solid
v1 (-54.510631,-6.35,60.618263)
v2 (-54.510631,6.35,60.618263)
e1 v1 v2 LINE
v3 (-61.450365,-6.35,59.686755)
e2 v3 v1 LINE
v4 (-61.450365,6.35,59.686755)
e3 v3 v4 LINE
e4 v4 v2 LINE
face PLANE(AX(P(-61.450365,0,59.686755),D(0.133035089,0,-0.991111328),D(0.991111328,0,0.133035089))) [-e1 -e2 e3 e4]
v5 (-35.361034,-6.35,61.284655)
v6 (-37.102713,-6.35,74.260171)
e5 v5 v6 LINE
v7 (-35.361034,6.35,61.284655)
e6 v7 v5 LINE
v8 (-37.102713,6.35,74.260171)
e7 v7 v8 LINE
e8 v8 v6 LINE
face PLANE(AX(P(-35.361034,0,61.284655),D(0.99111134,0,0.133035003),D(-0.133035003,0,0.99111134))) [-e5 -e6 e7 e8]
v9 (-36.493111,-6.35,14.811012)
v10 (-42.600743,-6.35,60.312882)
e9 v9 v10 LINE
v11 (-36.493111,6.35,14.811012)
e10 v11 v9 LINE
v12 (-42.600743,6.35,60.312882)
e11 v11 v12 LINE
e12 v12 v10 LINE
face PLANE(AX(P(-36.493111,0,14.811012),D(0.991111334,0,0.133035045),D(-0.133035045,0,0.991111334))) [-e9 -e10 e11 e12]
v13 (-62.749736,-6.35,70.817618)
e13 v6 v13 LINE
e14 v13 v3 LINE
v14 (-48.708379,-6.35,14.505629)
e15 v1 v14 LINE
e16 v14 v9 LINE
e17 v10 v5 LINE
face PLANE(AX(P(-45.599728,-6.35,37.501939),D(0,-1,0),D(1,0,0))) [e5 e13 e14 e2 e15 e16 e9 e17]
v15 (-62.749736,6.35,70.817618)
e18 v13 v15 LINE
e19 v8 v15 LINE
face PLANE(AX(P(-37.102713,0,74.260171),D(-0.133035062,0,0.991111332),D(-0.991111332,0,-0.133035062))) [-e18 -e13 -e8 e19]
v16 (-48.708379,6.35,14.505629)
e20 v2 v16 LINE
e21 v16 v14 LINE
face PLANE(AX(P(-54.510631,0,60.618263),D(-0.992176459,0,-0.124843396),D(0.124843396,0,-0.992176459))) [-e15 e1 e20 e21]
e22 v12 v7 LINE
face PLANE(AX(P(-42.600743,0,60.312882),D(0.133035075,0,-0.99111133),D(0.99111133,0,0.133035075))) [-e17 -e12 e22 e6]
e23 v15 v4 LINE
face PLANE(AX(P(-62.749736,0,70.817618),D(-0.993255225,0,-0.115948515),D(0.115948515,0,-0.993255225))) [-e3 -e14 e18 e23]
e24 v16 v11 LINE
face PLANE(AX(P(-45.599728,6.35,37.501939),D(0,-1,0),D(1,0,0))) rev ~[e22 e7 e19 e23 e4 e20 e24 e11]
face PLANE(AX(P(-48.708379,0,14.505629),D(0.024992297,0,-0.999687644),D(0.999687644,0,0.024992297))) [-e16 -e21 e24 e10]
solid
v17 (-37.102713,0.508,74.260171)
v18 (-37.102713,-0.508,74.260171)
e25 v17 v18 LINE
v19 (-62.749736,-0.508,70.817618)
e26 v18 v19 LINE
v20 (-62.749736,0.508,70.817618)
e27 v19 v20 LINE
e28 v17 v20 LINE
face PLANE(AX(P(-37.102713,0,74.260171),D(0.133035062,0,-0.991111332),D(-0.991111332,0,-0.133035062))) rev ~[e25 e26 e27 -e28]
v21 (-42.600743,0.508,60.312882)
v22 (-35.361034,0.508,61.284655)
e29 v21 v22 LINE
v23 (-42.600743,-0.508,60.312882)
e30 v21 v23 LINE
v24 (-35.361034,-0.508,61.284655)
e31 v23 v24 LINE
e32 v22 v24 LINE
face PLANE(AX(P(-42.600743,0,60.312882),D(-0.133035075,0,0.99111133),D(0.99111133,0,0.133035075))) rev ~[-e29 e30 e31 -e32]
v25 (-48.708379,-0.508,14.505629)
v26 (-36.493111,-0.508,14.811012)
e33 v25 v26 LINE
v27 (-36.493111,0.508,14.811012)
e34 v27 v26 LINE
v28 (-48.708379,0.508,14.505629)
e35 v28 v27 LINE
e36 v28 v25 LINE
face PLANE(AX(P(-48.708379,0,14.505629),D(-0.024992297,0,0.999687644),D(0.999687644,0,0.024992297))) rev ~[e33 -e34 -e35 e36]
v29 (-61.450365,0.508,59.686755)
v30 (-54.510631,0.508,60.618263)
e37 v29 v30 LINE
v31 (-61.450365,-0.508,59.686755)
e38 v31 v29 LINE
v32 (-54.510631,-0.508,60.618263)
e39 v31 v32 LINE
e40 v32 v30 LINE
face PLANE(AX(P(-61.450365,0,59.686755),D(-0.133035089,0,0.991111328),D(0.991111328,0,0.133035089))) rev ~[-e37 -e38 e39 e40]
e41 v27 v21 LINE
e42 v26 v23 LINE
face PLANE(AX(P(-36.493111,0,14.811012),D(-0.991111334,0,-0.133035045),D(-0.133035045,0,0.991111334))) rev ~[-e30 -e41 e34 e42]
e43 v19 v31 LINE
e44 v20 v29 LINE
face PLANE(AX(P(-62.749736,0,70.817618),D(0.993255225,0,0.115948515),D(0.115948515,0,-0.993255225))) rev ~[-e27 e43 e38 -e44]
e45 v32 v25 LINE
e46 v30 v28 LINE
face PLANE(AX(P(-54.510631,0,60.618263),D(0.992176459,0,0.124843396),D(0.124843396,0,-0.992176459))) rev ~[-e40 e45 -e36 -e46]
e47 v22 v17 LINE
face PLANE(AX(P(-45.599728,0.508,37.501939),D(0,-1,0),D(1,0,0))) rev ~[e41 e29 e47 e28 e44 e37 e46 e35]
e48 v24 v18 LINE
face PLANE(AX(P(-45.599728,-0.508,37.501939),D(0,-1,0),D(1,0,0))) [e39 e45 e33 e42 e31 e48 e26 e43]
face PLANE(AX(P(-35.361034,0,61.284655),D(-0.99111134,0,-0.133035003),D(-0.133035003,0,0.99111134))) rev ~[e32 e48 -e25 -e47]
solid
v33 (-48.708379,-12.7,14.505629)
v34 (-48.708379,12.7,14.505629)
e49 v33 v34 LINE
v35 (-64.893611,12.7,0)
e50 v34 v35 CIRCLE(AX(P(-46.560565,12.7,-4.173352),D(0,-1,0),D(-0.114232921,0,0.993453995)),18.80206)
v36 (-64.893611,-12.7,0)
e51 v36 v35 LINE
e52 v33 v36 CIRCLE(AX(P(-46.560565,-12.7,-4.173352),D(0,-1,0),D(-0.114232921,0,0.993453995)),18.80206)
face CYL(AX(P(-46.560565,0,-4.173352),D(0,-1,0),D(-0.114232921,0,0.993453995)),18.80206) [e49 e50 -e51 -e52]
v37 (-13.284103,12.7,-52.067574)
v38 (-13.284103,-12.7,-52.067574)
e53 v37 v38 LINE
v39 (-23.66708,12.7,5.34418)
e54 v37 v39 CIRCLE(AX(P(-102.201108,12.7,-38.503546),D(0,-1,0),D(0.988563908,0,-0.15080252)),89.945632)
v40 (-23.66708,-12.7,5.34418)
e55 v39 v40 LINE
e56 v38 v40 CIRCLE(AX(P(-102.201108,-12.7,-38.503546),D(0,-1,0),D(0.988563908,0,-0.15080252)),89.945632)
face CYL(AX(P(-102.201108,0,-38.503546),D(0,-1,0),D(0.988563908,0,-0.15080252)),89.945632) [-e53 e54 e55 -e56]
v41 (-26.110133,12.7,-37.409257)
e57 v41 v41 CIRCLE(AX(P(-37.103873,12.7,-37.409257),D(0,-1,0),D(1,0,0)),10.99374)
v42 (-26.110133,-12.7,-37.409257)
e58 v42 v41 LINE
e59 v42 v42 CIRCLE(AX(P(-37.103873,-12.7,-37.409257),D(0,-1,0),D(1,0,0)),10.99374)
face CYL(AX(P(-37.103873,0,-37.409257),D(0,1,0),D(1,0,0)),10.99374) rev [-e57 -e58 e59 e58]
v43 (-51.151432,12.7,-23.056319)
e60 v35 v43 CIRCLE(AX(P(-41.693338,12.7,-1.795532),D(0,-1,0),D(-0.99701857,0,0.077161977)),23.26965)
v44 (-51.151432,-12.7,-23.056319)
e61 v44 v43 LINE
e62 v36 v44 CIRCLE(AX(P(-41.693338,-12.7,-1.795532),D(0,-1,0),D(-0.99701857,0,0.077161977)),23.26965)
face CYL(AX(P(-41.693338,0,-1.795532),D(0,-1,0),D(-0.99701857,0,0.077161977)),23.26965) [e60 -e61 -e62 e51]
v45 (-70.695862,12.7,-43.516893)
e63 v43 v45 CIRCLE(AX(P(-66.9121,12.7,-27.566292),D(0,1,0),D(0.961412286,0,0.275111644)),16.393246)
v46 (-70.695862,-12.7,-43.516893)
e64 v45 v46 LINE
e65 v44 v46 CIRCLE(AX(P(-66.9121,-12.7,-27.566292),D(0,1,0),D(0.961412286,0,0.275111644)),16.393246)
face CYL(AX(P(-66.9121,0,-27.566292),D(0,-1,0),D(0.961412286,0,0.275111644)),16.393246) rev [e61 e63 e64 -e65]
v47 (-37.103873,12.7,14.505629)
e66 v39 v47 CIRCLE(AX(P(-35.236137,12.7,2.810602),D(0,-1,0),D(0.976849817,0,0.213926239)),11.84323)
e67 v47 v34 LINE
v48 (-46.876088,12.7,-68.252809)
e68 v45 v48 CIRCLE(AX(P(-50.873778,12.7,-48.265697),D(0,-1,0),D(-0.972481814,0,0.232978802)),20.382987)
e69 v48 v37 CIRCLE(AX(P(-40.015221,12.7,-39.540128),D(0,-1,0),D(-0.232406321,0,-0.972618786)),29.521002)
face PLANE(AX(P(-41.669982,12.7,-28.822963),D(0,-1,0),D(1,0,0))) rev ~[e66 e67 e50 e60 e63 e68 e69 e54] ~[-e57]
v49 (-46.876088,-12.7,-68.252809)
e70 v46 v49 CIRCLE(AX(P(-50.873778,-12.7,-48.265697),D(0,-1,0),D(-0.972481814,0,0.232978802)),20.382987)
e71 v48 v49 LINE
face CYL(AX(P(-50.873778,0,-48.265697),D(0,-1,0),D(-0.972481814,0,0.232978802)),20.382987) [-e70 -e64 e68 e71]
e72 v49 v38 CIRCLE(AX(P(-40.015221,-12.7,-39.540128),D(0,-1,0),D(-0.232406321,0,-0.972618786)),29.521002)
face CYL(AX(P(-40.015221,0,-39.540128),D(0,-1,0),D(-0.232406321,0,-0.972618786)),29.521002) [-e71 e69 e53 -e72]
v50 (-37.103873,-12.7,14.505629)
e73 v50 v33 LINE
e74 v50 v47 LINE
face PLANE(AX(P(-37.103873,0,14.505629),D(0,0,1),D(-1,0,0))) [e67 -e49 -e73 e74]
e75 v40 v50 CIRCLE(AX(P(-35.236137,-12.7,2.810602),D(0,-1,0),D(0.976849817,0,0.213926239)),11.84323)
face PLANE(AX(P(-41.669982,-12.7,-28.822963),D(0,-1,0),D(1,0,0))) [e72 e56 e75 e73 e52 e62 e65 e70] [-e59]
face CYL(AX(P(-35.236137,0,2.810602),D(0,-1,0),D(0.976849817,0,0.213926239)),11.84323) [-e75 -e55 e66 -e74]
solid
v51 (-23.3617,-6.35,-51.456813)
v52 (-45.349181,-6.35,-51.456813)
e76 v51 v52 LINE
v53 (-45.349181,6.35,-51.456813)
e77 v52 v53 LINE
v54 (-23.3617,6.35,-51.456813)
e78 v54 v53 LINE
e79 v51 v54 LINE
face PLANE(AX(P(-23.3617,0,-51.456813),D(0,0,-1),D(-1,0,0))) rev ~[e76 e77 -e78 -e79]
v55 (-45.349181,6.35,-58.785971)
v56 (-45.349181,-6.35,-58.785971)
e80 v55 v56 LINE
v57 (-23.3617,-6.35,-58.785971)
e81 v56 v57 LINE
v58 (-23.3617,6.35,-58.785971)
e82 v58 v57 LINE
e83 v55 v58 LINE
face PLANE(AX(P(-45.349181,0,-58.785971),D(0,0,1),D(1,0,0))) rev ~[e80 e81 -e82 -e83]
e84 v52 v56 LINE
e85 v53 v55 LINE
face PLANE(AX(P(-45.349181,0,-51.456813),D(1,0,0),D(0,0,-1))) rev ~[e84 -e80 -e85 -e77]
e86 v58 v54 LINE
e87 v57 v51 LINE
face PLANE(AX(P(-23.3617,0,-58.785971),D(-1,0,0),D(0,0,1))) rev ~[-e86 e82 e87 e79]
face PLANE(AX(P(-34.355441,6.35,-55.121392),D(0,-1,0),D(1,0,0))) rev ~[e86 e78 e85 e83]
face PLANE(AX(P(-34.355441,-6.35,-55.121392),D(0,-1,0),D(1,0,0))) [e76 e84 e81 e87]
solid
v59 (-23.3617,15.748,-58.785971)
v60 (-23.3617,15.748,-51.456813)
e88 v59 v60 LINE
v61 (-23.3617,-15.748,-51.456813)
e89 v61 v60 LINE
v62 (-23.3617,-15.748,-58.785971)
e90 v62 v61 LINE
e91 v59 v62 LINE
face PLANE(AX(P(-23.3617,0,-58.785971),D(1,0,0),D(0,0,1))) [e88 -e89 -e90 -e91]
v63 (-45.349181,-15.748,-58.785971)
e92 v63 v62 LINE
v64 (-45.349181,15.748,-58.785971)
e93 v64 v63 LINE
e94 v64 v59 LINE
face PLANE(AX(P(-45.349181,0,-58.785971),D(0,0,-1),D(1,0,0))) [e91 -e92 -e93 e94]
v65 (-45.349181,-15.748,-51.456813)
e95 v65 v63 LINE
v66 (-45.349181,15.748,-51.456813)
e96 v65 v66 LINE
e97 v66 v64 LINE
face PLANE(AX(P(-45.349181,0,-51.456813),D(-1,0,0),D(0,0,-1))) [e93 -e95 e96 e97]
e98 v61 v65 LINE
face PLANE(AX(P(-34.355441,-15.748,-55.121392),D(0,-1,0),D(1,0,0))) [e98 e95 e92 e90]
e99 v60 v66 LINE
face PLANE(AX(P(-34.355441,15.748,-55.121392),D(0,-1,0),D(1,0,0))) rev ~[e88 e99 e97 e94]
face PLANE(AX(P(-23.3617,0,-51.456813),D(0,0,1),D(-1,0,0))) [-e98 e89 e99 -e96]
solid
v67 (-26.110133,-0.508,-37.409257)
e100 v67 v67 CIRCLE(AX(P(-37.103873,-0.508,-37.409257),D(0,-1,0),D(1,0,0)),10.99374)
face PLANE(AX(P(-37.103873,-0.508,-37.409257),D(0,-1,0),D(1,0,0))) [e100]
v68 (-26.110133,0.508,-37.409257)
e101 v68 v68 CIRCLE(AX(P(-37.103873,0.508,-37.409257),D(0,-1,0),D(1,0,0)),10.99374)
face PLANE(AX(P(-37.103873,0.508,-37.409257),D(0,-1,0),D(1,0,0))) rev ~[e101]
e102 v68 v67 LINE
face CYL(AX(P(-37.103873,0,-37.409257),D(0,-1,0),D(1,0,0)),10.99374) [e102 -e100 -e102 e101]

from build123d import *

# Parameters (mm, degrees)
F3_DEPTH = 6.35
F0_R     = 10.99374
F4_DEPTH = 0.508
F5_DEPTH = 12.7
F6_DEPTH = 15.748


with BuildPart() as f3:
    # F2 (on Front) + F1 (on Front) → F3 (new body, symmetric)
    with BuildSketch(Plane.XZ):
        Polygon((-39.205392, -51.456813), (-45.349181, -51.456813), (-45.349181, -58.785971), (-23.3617, -58.785971), (-23.3617, -51.456813), (-30.349323, -51.456813), (-33.403141, -51.456813), (-36.456955, -51.456813), align=None)
    with BuildSketch(Plane.XZ):
        Polygon((-54.510631, 60.618263), (-48.708379, 14.505629), (-36.493111, 14.811012), (-42.600743, 60.312882), align=None)
        Polygon((-61.450365, 59.686755), (-54.510631, 60.618263), (-42.600743, 60.312882), (-35.361034, 61.284655), (-37.102713, 74.260171), (-62.749736, 70.817618), align=None)
    extrude(amount=F3_DEPTH, both=True)


with BuildPart() as f4:
    # F1 (on Front) + F0 (on Front) → F4 (new body, symmetric)
    with BuildSketch(Plane.XZ):
        Polygon((-54.510631, 60.618263), (-48.708379, 14.505629), (-36.493111, 14.811012), (-42.600743, 60.312882), align=None)
        Polygon((-61.450365, 59.686755), (-54.510631, 60.618263), (-42.600743, 60.312882), (-35.361034, 61.284655), (-37.102713, 74.260171), (-62.749736, 70.817618), align=None)
    with BuildSketch(Plane.XZ):
        with Locations((-37.103873, -37.409257)):
            Circle(F0_R)
    extrude(amount=F4_DEPTH, both=True)


with BuildPart() as f5:
    # F0 (on Front) → F5 (new body, symmetric)
    with BuildSketch(Plane.XZ):
        with BuildLine():
            ThreePointArc((-51.151432, -23.056319), (-55.057973, -38.889639), (-70.695862, -43.516893))
            ThreePointArc((-70.695862, -43.516893), (-65.556054, -62.404188), (-46.876088, -68.252809))
            ThreePointArc((-46.876088, -68.252809), (-27.201276, -66.135097), (-13.284103, -52.067574))
            ThreePointArc((-13.284103, -52.067574), (-13.691281, -22.496449), (-23.66708, 5.34418))
            ThreePointArc((-23.66708, 5.34418), (-28.56441, 12.595803), (-37.103873, 14.505629))
            Line((-37.103873, 14.505629), (-48.708379, 14.505629))
            ThreePointArc((-48.708379, 14.505629), (-59.109259, 9.828352), (-64.893611, 0))
            ThreePointArc((-64.893611, 0), (-61.681852, -13.709218), (-51.151432, -23.056319))
        make_face()
        with Locations((-37.103873, -37.409257)):
            Circle(F0_R, mode=Mode.SUBTRACT)
    extrude(amount=F5_DEPTH, both=True)


with BuildPart() as f6:
    # F2 (on Front) → F6 (new body, symmetric)
    with BuildSketch(Plane.XZ):
        Polygon((-39.205392, -51.456813), (-45.349181, -51.456813), (-45.349181, -58.785971), (-23.3617, -58.785971), (-23.3617, -51.456813), (-30.349323, -51.456813), (-33.403141, -51.456813), (-36.456955, -51.456813), align=None)
    extrude(amount=F6_DEPTH, both=True)


solid = Compound([f3.part, f4.part, f5.part, f6.part])
